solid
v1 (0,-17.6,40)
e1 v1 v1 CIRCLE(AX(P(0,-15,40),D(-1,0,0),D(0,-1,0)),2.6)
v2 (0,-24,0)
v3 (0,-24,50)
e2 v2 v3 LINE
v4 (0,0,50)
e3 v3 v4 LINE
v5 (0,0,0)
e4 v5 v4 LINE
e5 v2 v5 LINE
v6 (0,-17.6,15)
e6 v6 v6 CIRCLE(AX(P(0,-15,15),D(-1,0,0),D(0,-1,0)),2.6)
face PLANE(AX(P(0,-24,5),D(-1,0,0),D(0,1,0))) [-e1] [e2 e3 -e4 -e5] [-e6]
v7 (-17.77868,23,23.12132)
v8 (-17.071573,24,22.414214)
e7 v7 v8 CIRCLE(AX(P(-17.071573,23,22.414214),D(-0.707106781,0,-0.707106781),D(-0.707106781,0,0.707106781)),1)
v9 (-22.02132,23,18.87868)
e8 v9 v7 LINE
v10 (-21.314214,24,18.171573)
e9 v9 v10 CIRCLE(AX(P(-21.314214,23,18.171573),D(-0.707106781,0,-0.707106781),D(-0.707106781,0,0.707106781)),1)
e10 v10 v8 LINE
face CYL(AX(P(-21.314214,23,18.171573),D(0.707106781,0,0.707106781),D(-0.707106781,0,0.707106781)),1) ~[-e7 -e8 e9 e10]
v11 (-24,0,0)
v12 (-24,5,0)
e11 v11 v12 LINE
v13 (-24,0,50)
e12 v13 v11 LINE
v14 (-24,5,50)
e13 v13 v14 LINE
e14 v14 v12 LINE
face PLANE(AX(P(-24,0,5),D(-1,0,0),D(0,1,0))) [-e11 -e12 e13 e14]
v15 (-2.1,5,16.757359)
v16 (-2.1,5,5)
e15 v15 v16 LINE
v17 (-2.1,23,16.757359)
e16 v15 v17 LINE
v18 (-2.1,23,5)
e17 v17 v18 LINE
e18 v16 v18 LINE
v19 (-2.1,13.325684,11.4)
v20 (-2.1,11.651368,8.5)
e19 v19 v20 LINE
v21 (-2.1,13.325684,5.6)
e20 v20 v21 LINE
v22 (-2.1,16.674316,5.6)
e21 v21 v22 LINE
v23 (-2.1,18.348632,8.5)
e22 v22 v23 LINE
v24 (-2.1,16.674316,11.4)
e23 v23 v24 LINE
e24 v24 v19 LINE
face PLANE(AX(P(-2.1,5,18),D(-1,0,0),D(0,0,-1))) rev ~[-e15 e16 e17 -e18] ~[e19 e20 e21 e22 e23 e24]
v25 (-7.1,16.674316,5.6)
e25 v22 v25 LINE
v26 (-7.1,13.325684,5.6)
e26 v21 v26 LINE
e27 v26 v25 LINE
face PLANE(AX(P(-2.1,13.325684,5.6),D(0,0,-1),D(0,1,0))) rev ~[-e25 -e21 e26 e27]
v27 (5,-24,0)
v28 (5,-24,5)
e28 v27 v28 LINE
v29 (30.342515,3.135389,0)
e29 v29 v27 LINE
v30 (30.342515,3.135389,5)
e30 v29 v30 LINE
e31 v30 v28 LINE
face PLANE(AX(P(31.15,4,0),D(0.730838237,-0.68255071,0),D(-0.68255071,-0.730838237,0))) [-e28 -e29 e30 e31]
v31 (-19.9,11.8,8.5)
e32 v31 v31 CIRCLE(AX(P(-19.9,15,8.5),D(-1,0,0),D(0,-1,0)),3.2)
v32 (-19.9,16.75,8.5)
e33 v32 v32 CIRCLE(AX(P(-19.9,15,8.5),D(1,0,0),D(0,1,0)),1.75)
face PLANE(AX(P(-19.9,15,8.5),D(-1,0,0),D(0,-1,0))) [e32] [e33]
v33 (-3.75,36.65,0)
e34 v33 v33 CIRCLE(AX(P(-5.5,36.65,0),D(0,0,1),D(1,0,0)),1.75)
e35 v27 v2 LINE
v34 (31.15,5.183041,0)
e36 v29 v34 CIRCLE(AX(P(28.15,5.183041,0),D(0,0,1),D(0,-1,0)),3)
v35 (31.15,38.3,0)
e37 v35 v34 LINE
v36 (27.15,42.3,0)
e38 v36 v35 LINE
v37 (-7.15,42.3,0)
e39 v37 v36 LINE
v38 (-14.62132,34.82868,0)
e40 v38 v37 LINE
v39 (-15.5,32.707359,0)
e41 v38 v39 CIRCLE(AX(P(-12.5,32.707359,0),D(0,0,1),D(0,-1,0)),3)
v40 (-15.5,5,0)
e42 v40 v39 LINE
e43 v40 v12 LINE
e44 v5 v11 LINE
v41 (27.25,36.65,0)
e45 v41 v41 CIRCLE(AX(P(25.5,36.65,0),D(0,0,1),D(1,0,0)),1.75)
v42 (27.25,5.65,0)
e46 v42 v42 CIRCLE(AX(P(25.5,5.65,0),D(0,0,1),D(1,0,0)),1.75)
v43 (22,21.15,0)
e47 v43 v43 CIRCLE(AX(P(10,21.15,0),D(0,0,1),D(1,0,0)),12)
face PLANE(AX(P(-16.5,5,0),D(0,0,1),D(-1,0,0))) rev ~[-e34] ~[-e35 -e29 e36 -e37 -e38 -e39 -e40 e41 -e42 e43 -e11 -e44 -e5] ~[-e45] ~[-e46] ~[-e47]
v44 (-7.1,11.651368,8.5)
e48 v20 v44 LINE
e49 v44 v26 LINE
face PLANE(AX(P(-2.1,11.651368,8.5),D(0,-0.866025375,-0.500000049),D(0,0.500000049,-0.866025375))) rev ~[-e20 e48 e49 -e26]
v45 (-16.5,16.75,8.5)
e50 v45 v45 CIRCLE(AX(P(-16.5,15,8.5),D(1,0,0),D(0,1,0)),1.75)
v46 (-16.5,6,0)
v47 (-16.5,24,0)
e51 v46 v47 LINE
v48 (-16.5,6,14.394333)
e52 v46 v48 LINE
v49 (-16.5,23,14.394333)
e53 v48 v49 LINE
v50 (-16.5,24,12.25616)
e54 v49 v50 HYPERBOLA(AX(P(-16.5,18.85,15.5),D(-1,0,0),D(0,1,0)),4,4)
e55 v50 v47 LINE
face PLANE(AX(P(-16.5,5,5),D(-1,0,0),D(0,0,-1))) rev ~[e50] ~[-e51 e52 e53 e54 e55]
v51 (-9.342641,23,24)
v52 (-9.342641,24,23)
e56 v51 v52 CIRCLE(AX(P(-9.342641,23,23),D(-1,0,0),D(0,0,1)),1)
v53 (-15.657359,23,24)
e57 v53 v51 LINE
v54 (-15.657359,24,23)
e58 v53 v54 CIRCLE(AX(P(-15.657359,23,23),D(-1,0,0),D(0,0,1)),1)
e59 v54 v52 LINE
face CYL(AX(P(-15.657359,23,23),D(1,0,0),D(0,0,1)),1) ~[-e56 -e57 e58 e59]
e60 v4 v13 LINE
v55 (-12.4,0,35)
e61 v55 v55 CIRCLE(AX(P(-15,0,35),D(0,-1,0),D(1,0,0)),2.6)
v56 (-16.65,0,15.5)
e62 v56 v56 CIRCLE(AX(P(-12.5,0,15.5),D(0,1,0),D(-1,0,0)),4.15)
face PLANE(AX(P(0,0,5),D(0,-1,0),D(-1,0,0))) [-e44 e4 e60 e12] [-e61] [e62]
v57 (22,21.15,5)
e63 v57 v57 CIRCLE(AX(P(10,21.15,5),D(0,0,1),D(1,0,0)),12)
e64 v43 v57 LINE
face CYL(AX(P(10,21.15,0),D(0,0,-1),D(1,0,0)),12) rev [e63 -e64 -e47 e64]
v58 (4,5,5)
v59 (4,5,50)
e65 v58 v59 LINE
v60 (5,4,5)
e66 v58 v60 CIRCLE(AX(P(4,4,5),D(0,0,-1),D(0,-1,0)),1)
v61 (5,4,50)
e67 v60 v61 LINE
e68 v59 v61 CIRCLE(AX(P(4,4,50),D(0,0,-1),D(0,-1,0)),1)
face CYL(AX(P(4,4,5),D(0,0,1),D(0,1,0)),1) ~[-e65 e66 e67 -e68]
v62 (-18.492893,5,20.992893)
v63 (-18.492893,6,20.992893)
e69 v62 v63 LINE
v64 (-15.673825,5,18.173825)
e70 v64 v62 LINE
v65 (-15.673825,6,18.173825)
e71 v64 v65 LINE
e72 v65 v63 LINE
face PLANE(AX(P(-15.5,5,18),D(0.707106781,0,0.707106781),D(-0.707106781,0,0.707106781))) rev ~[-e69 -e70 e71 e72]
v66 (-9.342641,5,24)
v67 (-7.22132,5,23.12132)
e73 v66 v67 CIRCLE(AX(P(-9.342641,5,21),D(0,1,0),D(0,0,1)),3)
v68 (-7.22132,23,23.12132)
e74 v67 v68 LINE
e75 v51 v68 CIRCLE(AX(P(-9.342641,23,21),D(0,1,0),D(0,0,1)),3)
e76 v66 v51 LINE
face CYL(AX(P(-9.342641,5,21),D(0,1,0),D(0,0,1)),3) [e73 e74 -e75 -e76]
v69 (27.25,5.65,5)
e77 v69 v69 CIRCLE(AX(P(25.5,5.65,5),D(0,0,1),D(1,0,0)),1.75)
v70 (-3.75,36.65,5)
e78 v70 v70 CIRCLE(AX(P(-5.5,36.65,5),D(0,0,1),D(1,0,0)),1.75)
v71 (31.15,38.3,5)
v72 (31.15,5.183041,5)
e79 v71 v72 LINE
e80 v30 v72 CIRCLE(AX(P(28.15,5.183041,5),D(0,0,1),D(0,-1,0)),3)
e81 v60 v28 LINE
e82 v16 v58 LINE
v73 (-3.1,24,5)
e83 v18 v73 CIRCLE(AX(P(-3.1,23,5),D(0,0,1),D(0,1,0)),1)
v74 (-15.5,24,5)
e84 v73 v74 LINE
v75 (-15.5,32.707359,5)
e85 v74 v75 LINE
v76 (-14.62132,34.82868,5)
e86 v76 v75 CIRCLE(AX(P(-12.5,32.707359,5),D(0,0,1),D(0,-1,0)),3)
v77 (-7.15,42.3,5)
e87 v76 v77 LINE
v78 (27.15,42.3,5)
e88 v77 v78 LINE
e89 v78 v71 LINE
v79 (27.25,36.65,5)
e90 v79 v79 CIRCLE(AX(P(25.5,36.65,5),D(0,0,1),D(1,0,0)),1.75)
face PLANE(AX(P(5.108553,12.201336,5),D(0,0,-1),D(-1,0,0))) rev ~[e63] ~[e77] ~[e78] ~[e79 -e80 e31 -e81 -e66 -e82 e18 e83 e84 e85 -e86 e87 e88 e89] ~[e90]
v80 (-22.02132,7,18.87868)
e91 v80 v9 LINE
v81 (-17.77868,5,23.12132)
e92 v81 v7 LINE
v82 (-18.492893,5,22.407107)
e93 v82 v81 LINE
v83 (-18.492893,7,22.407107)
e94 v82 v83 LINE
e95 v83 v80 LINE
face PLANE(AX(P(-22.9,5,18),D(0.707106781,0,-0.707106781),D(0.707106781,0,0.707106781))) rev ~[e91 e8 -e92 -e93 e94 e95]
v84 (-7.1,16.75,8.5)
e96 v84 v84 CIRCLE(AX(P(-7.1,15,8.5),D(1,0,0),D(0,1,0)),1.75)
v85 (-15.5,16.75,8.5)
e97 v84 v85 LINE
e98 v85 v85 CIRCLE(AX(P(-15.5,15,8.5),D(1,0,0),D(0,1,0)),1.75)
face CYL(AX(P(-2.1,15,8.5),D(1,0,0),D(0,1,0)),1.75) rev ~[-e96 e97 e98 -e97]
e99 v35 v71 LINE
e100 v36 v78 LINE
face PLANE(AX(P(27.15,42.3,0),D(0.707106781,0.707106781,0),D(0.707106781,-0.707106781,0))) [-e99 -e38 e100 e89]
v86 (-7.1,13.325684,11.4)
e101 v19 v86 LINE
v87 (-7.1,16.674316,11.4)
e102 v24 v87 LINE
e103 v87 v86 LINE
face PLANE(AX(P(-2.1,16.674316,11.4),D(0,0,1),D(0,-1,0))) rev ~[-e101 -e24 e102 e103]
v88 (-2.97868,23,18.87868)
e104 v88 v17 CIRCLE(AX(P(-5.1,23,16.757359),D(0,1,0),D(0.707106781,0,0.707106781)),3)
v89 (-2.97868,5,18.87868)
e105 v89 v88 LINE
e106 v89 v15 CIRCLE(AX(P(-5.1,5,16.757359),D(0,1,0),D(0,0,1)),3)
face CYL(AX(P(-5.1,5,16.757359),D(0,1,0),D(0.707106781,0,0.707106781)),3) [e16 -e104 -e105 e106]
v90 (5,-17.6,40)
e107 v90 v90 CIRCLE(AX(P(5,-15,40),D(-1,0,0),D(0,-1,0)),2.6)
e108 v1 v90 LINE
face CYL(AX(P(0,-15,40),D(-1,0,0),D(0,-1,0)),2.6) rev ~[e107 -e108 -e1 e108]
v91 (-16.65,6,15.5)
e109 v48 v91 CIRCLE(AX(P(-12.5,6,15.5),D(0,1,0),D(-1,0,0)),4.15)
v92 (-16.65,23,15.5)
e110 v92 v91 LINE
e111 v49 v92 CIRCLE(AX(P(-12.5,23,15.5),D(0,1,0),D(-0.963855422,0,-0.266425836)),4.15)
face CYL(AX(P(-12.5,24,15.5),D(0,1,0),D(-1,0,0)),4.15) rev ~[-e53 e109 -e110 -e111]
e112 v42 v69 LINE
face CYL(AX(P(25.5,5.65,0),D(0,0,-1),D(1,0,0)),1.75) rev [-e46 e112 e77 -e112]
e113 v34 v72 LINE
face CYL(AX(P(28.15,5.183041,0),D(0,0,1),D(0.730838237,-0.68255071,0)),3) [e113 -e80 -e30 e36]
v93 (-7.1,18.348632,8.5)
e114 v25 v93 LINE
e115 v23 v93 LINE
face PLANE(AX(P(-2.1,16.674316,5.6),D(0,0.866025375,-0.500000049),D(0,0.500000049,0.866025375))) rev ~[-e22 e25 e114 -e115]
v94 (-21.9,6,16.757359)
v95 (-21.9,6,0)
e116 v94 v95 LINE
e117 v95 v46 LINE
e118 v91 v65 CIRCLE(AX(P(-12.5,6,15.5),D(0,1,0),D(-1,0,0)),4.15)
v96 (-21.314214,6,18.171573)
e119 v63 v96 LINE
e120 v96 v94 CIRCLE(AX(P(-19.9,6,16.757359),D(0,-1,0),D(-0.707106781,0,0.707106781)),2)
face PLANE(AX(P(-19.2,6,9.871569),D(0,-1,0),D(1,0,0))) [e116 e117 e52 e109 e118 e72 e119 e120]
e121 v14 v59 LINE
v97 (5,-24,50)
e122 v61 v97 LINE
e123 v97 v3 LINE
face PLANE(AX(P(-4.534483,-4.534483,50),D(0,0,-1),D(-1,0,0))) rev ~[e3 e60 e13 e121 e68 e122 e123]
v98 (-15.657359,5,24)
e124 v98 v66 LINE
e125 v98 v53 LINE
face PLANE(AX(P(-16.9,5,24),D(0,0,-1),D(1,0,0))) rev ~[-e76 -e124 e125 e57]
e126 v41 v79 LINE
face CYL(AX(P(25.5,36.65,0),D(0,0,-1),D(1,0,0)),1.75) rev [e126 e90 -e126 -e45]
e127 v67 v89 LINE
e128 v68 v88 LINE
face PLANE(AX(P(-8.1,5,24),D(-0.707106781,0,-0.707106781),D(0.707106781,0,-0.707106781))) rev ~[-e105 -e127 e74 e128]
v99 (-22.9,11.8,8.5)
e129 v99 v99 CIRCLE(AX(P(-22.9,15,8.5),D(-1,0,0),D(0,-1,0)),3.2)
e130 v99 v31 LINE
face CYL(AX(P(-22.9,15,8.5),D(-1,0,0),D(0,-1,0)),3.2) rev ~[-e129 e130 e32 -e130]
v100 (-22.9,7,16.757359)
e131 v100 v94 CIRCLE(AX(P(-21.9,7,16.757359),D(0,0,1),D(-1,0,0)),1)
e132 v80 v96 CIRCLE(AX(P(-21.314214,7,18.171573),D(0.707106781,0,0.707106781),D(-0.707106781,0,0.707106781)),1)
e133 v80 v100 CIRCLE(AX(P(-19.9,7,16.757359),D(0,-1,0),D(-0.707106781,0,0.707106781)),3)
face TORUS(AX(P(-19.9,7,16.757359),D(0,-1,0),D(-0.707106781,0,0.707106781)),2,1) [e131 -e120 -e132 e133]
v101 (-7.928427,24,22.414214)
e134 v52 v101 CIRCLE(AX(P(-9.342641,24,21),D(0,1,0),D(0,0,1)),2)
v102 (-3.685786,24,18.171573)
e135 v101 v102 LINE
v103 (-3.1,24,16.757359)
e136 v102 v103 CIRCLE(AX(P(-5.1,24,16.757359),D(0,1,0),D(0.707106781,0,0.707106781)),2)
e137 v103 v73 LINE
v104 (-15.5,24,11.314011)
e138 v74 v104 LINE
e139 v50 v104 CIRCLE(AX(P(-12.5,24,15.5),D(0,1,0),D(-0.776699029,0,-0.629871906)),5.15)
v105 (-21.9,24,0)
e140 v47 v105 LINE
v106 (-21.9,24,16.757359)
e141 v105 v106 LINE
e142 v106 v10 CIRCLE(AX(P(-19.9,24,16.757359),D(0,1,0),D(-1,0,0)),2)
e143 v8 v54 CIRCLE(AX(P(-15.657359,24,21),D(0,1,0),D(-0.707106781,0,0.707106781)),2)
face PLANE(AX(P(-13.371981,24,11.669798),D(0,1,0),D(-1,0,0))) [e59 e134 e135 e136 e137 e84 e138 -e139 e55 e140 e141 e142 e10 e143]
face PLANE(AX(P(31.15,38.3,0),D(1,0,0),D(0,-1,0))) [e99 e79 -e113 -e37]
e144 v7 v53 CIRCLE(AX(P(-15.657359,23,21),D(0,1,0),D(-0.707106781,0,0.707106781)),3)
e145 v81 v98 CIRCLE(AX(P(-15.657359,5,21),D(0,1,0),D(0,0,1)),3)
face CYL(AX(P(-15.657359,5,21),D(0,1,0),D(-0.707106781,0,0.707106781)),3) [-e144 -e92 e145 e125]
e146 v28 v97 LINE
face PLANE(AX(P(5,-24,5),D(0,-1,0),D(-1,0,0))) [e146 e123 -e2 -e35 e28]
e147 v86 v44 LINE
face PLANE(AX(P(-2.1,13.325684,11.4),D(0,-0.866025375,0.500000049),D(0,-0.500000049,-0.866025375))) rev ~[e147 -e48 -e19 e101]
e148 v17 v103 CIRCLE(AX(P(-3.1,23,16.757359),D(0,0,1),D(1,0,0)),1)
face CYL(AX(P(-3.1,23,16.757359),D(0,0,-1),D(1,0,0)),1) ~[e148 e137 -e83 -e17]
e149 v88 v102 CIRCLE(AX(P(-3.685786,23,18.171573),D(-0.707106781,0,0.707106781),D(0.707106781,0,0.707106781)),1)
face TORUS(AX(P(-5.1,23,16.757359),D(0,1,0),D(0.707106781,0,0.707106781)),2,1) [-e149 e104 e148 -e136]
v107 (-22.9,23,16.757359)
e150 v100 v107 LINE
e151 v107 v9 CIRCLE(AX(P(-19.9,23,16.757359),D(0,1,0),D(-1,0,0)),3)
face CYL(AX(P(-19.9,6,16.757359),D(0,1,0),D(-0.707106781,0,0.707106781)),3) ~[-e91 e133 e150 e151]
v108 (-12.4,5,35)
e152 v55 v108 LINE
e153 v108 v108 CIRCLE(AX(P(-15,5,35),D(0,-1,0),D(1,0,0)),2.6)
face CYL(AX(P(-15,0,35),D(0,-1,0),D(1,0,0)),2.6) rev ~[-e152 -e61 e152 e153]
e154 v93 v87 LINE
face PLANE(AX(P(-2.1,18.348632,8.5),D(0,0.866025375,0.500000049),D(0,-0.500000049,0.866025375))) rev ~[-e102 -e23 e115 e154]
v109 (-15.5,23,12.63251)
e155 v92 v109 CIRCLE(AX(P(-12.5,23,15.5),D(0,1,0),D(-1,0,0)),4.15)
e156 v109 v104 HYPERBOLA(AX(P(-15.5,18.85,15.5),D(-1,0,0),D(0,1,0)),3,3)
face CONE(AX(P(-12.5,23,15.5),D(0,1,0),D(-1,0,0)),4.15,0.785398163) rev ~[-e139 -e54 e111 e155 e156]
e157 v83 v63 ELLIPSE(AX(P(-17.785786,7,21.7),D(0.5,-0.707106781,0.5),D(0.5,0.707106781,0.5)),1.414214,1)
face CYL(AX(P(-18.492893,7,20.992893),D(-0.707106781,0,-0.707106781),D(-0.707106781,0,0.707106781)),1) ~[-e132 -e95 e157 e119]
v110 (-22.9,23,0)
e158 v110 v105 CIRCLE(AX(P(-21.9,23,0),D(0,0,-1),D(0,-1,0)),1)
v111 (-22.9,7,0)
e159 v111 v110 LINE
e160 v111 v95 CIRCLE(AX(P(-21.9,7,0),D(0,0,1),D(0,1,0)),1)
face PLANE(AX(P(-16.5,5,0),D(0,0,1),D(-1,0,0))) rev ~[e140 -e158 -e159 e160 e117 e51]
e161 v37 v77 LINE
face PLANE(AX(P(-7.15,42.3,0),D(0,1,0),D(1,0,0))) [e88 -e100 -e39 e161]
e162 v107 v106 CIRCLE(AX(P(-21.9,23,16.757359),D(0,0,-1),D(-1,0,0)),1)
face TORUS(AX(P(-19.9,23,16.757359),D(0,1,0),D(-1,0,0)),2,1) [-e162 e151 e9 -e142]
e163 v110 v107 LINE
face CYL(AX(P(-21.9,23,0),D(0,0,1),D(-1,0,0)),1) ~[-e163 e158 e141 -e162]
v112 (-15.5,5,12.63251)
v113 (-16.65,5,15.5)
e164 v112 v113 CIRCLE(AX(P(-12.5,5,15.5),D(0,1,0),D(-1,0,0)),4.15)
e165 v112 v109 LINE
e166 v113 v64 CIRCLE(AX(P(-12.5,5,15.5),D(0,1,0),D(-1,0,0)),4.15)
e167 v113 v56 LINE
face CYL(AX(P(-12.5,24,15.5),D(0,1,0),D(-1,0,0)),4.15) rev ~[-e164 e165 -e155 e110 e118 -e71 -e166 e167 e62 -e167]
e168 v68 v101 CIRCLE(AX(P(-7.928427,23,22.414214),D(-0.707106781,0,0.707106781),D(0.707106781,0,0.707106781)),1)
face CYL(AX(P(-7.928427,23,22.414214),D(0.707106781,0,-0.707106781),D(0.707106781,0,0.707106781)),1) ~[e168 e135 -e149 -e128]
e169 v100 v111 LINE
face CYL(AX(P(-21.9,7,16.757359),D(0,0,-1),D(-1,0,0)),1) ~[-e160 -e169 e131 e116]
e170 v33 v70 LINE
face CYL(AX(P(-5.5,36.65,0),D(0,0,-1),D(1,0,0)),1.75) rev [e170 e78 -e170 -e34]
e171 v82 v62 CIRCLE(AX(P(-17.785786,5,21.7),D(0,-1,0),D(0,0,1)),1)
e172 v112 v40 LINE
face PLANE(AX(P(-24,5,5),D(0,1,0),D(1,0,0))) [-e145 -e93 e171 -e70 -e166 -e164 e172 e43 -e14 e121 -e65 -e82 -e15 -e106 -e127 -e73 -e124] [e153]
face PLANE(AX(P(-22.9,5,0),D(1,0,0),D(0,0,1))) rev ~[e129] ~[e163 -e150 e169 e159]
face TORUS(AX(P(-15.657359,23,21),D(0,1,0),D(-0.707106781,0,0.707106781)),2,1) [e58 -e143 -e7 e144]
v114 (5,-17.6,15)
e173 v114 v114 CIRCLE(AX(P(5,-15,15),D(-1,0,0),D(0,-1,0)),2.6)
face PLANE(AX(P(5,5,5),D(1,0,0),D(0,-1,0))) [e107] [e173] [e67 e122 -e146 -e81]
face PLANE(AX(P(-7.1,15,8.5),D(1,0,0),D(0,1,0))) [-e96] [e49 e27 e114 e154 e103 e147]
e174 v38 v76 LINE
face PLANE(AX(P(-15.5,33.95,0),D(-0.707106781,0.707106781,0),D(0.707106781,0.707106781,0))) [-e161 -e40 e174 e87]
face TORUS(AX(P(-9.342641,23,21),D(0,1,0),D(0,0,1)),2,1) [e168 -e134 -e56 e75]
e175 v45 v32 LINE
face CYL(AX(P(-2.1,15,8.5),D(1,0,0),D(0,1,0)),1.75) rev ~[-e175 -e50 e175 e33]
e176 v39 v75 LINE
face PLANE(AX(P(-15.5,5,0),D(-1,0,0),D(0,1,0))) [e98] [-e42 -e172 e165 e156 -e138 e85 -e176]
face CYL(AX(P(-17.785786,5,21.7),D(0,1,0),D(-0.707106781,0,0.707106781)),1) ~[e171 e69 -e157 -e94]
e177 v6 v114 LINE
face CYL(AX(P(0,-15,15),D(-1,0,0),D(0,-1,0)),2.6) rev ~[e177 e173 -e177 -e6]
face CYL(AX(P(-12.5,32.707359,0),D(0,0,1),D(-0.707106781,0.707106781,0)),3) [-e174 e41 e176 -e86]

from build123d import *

# Parameters (mm, degrees)
SKETCH_R        = 12
SKETCH_R_2      = 1.75
PAD_DEPTH       = 5
PAD001_DEPTH    = 45
PAD002_DEPTH    = 19
POCKET_DEPTH    = 1
SKETCH004_R     = 4.15
POCKET001_DEPTH = 48.001
SKETCH005_R     = 2.6
POCKET002_DEPTH = 42.301
SKETCH006_R     = 2.6
POCKET003_DEPTH = 5
SKETCH008_R     = 1.75
POCKET004_DEPTH = 21.901
POCKET005_DEPTH = 5
SKETCH010_R     = 3.2
POCKET006_DEPTH = 3
SKETCH011_W     = 1
SKETCH011_H     = 10
POCKET007_DEPTH = 18.99
FILLET_R        = 3
FILLET001_R     = 1
CHAMFER_SIZE    = 1


with BuildPart() as part:
    # Sketch → Pad (new body)
    with BuildSketch(Plane.XY):
        Polygon((0, 0), (-24, 0), (-24, 5), (-15.5, 5), (-15.5, 33.95), (-7.15, 42.3), (27.15, 42.3), (31.15, 38.3), (31.15, 4), (5, -24), (0, -24), align=None)
        with Locations((10, 21.15)):
            Circle(SKETCH_R, mode=Mode.SUBTRACT)
        with Locations((-5.5, 36.65)):
            Circle(SKETCH_R_2, mode=Mode.SUBTRACT)
        with Locations((25.5, 36.65)):
            Circle(SKETCH_R_2, mode=Mode.SUBTRACT)
        with Locations((25.5, 5.65)):
            Circle(SKETCH_R_2, mode=Mode.SUBTRACT)
    extrude(amount=PAD_DEPTH)

    # Sketch001 (on Face17 of Pad) → Pad001 (join)
    with BuildSketch(Plane.XY.offset(5)):
        Polygon((0, 0), (-24, 0), (-24, 5), (5, 5), (5, -24), (0, -24), align=None)
    extrude(amount=PAD001_DEPTH)

    # Sketch002 (on Face19 of Pad001) → Pad002 (join)
    with BuildSketch(Plane(origin=(0, 5, 0), x_dir=(-1, 0, 0), z_dir=(0, 1, 0))):
        Polygon((22.9, 0), (22.9, 18), (16.9, 24), (8.1, 24), (2.1, 18), (2.1, 5), (16.5, 5), (16.5, 0), align=None)
    extrude(amount=PAD002_DEPTH)

    # Sketch003 (on Face25 of Pad002) → Pocket (cut)
    with BuildSketch(Plane(origin=(0, 5, 0), x_dir=(-1, 0, 0), z_dir=(0, 1, 0))):
        Polygon((15.5, 0), (15.5, 18), (19.2, 21.7), (22.9, 18), (22.9, 0), align=None)
    extrude(amount=POCKET_DEPTH, mode=Mode.SUBTRACT)

    # Sketch004 (on Face35 of Pocket) → Pocket001 (cut, through all)
    with BuildSketch(Plane(origin=(0, 24, 0), x_dir=(-1, 0, 0), z_dir=(0, 1, 0))):
        with Locations((12.5, 15.5)):
            Circle(SKETCH004_R)
    extrude(amount=-POCKET001_DEPTH, mode=Mode.SUBTRACT)

    # Sketch005 (on Face4 of Pocket001) → Pocket002 (cut, through all)
    with BuildSketch(Plane.XZ):
        with Locations((-15, 35)):
            Circle(SKETCH005_R)
    extrude(amount=-POCKET002_DEPTH, mode=Mode.SUBTRACT)

    # Sketch006 (on Face7 of Pocket002) → Pocket003 (cut)
    with BuildSketch(Plane(origin=(0, 0, 0), x_dir=(0, -1, 0), z_dir=(-1, 0, 0))):
        with Locations((15, 40)):
            Circle(SKETCH006_R)
        with Locations((15, 15)):
            Circle(SKETCH006_R)
    extrude(amount=-POCKET003_DEPTH, mode=Mode.SUBTRACT)

    # Sketch008 (on Face39 of Pocket003) → Pocket004 (cut, through all)
    with BuildSketch(Plane.YZ.offset(-2.1)):
        with Locations((15, 8.5)):
            Circle(SKETCH008_R)
    extrude(amount=-POCKET004_DEPTH, mode=Mode.SUBTRACT)

    # Sketch009 (on Face39 of Pocket004) → Pocket005 (cut)
    with BuildSketch(Plane.YZ.offset(-2.1)):
        Polygon((16.674316, 5.6), (18.348632, 8.5), (16.674316, 11.4), (13.325684, 11.4), (11.651368, 8.5), (13.325684, 5.6), align=None)
    extrude(amount=-POCKET005_DEPTH, mode=Mode.SUBTRACT)

    # Sketch010 (on Face42 of Pocket005) → Pocket006 (cut)
    with BuildSketch(Plane(origin=(-22.9, 0, 0), x_dir=(0, -1, 0), z_dir=(-1, 0, 0))):
        with Locations((-15, 8.5)):
            Circle(SKETCH010_R)
    extrude(amount=-POCKET006_DEPTH, mode=Mode.SUBTRACT)

    # Sketch011 (on Face35 of Pocket006) → Pocket007 (cut)
    with BuildSketch(Plane(origin=(0, 24, 0), x_dir=(-1, 0, 0), z_dir=(0, 1, 0))):
        with Locations((16, 10)):
            Rectangle(SKETCH011_W, SKETCH011_H)
    extrude(amount=-POCKET007_DEPTH, mode=Mode.SUBTRACT)

    # Fillet
    fillet_edges = [part.edges().sort_by_distance(p)[0] for p in [
        (31.15, 4, 2.5),
        (-15.5, 33.95, 2.5),
        (-2.1, 14.5, 18),
        (-8.1, 14.5, 24),
        (-16.9, 14.5, 24),
        (-22.9, 15, 18),
    ]]
    fillet(fillet_edges, radius=FILLET_R)

    # Fillet001
    fillet001_edges = [part.edges().sort_by_distance(p)[0] for p in [
        (5, 5, 27.5),
        (-2.1, 24, 10.87868),
        (-19.2, 5.5, 21.7),
        (-20.61066, 6, 20.28934),
    ]]
    fillet(fillet001_edges, radius=FILLET001_R)

    # Chamfer
    chamfer_edges = [part.edges().sort_by_distance(p)[0] for p in [
        (-8.648215, 24, 17.044749),
    ]]
    chamfer(chamfer_edges, length=CHAMFER_SIZE)


solid = part.part
